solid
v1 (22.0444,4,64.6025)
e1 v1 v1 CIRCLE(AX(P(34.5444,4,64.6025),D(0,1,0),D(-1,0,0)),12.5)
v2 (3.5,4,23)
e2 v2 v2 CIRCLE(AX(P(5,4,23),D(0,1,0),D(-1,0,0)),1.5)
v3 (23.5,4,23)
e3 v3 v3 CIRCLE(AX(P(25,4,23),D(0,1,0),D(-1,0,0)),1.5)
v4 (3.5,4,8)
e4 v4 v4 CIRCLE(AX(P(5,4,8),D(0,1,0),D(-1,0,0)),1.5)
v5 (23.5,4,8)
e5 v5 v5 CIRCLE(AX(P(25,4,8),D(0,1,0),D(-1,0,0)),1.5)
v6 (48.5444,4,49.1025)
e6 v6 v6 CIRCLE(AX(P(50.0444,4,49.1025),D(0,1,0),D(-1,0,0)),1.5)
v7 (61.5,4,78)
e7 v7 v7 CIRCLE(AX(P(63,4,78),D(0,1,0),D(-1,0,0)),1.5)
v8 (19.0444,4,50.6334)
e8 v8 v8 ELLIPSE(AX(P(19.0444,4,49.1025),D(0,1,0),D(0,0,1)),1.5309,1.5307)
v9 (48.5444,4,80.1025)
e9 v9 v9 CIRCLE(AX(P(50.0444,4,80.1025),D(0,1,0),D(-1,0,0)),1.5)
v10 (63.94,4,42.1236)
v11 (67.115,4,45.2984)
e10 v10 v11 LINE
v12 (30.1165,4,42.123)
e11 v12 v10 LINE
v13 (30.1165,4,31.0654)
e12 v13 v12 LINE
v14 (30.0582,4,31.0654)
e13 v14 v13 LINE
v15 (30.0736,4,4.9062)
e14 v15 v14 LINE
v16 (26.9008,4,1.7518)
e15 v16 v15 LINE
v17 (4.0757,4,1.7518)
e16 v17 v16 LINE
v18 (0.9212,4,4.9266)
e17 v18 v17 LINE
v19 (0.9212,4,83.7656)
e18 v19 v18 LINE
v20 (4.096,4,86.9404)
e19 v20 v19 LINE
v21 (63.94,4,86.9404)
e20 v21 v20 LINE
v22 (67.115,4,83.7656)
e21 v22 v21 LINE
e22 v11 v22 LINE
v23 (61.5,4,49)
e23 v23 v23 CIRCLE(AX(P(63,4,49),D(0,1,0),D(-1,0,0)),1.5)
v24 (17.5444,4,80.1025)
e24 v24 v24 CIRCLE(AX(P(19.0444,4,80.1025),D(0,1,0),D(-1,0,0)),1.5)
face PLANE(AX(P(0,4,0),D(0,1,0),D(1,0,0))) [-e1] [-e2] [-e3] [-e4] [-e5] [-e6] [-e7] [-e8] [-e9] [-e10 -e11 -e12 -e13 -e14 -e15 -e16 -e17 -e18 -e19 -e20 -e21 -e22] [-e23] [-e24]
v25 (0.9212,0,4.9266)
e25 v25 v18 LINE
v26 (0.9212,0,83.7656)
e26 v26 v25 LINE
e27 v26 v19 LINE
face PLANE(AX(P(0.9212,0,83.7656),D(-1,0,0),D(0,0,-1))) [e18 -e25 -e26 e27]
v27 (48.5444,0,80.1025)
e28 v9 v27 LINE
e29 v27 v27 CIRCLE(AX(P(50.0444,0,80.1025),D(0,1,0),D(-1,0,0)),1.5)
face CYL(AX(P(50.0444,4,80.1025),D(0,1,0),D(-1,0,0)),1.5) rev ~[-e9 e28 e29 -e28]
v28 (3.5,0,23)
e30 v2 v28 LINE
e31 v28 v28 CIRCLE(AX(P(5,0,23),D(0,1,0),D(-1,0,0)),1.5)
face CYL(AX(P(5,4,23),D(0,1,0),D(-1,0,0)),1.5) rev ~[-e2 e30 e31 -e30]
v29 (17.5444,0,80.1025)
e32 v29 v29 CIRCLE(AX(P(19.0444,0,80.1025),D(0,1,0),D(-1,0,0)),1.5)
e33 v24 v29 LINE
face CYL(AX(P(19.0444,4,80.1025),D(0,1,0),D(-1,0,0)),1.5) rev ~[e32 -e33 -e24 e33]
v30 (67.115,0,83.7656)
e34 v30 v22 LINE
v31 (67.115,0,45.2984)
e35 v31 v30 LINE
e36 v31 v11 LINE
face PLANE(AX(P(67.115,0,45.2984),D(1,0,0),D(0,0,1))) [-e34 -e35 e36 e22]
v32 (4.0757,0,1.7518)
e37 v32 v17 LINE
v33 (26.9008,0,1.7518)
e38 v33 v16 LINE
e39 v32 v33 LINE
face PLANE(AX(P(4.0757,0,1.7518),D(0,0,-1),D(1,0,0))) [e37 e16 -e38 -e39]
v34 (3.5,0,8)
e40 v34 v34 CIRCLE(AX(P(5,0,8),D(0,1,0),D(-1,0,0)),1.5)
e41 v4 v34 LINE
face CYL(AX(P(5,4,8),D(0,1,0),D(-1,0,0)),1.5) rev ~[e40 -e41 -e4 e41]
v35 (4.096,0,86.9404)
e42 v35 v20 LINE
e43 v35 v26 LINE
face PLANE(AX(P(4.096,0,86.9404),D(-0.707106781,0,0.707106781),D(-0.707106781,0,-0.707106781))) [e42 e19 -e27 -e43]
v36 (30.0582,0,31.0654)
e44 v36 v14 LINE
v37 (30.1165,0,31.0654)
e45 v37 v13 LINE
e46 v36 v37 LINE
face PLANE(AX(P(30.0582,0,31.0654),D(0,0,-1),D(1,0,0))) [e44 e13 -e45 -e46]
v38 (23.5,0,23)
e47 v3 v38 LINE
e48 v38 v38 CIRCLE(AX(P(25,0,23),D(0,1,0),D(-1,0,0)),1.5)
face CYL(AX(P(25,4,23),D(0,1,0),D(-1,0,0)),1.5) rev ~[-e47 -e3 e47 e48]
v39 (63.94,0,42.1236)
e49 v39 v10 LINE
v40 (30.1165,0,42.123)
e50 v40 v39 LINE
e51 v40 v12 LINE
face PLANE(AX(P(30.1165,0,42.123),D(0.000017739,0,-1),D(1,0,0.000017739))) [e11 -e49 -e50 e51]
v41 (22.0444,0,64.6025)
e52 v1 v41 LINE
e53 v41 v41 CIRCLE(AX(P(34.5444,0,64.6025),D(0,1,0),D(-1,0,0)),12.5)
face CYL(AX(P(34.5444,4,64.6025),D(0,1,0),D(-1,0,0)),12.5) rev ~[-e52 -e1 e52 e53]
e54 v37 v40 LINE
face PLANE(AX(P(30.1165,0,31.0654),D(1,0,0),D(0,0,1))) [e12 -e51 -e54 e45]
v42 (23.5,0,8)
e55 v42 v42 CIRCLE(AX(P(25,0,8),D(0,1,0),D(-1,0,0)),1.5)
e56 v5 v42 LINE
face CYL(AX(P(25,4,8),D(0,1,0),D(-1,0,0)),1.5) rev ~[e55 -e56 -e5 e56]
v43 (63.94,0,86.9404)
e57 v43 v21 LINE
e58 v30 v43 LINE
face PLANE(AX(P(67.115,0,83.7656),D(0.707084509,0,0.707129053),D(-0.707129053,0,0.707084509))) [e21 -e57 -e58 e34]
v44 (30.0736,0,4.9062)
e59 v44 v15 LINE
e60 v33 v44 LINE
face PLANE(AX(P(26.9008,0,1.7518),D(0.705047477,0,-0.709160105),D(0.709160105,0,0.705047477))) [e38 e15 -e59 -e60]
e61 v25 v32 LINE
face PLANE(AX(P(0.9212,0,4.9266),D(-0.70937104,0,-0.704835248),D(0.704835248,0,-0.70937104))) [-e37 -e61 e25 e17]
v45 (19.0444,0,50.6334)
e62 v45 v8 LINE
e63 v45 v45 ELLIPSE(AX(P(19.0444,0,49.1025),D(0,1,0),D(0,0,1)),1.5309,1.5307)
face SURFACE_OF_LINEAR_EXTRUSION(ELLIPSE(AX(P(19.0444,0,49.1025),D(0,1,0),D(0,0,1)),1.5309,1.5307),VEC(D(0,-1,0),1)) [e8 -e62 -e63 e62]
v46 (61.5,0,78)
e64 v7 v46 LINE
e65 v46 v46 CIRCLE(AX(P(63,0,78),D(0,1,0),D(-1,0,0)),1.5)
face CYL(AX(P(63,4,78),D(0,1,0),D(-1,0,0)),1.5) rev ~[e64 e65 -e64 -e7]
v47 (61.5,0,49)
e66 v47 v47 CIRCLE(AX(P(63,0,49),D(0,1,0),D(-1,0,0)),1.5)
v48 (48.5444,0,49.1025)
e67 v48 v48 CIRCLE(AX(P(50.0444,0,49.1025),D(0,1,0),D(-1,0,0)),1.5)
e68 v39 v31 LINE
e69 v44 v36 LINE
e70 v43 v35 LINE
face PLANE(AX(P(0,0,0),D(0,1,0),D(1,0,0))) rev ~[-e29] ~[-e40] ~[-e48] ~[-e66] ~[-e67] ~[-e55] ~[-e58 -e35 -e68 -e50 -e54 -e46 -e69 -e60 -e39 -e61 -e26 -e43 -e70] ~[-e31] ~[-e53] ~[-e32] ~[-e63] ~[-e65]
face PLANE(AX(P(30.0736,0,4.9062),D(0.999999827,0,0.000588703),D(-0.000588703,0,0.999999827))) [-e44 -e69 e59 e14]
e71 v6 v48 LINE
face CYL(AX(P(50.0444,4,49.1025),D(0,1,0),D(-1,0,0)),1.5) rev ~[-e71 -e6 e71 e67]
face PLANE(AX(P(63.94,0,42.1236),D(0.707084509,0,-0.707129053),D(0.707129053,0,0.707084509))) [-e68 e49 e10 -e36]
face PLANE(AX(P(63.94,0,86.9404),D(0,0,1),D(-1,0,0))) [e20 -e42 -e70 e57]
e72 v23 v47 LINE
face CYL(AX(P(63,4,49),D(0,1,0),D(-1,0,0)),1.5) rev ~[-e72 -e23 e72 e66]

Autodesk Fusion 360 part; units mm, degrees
sketch "Skizze1" plane through (0, 0, 0) normal (0, 1, 0) x (1, 0, 0)
  ellipse E0 centre (19.0444, -49.1025) end of major axis (19.0444, -50.6334) minor radius 1.5307
  line L0 (55.2123, -43.6898) -> (55.2123, -85.3711)
  line L1 (55.2123, -85.3711) -> (13.531, -85.3711)
  line L2 (13.531, -85.3711) -> (13.531, -43.6898)
  line L3 (13.531, -43.6898) -> (55.2123, -43.6898)
  line L4 (26.9008, -1.7518) -> (30.0736, -4.9062)
  line L5 (30.0736, -4.9062) -> (30.0582, -31.0654)
  line L6 (30.0582, -31.0654) -> (30.1165, -31.0654)
  line L7 (30.1165, -31.0654) -> (30.1165, -42.123)
  line L8 (30.1165, -42.123) -> (63.94, -42.1236)
  line L9 (63.94, -42.1236) -> (67.115, -45.2984)
  line L10 (67.115, -45.2984) -> (67.115, -83.7656)
  line L11 (67.115, -83.7656) -> (63.94, -86.9404)
  line L12 (63.94, -86.9404) -> (4.096, -86.9404)
  line L13 (4.096, -86.9404) -> (0.9212, -83.7656)
  line L14 (0.9212, -83.7656) -> (0.9212, -4.9266)
  line L15 (0.9212, -4.9266) -> (4.0757, -1.7518)
  line L16 (4.0757, -1.7518) -> (26.9008, -1.7518)
  line L17 (-656.5386, -196.3597) -> (-656.5386, -172.9852) construction
  line L18 (-656.5386, -172.9852) -> (-663.2077, -172.9852) construction
  line L19 (-663.2077, -172.9852) -> (-663.2077, -196.3597) construction
  line L20 (-663.2077, -196.3597) -> (-656.5386, -196.3597) construction
  line L21 (-786.7672, -196.3598) -> (-786.7672, -172.9853) construction
  line L22 (-786.7672, -172.9853) -> (-793.4364, -172.9853) construction
  line L23 (-793.4364, -172.9853) -> (-793.4364, -196.3598) construction
  line L24 (-793.4364, -196.3598) -> (-786.7672, -196.3598) construction
  circle A0 centre (50.0444, -49.1025) radius 1.5 construction
  circle A1 centre (50.0444, -80.1025) radius 1.5 construction
  line L25 (50.0444, -80.1025) -> (19.0444, -80.1025) construction
  circle A2 centre (19.0444, -80.1025) radius 1.5 construction
  line L26 (19.0444, -80.1025) -> (19.0444, -49.1025) construction
  circle A3 centre (34.4717, -64.6752) radius 12.5 construction
  circle A4 centre (61.4704, -49.0847) radius 1.5 construction
  circle A5 centre (61.4704, -80.2249) radius 1.5 construction
  circle A6 centre (5.4074, -7.8253) radius 1.5 construction
  circle A7 centre (25.4061, -7.8253) radius 1.5 construction
  circle A8 centre (25.4061, -22.5328) radius 1.5 construction
  circle A9 centre (5.4074, -22.5328) radius 1.5 construction
  point P0 (51.8121, -49.1024)
  point P1 (51.6713, -79.7501)
  point P2 (19.0448, -81.2802)
  point P3 (19.0444, -50.6334)
  point P4 (34.1696, -76.3823)
  point P5 (27.8065, -7.8253)
  point P6 (27.8065, -22.5328)
  point P7 (7.8078, -7.8253)
  point P8 (7.8078, -22.5328)
  point P9 (10.9547, -80.1317)
  point P10 (10.9547, -48.9915)
  point P11 (63.8708, -80.2249)
  point P12 (63.8708, -49.0847)
  dimension "d1" = 31
  dimension "d2" = 3
  dimension "d4" = 3
  dimension "d5" = 31
  dimension "d6" = 3
  dimension "d7" = 25
  dimension "d8" = 3
  dimension "d9" = 3
  dimension "d10" = 3
  dimension "d11" = 3
  dimension "d12" = 3
  dimension "d13" = 3
extrude "Extrusion1" add sketch "Skizze1" along normal blind 4 contours L0 L1 L2 L3 | L4 L5 L6 L7 L8 L9 L10 L11 L12 L13 L14 L15 L16
sketch "Skizze2" plane through (0, 4, 0) normal (0, 1, 0) x (-1, 0, 0)
  ellipse E0 centre (-19.0444, 49.1025) end of major axis (-19.0444, 50.6334) minor radius 1.5307
  line L0 (-4.0757, 1.7518) -> (-0.9212, 4.9266)
  line L1 (-0.9212, 4.9266) -> (-0.9212, 83.7656)
  line L2 (-0.9212, 83.7656) -> (-4.096, 86.9404)
  line L3 (-4.096, 86.9404) -> (-63.94, 86.9404)
  line L4 (-63.94, 86.9404) -> (-67.115, 83.7656)
  line L5 (-67.115, 83.7656) -> (-67.115, 45.2984)
  line L6 (-67.115, 45.2984) -> (-63.94, 42.1236)
  line L7 (-63.94, 42.1236) -> (-30.1165, 42.123)
  line L8 (-30.1165, 42.123) -> (-30.1165, 31.0654)
  line L9 (-30.1165, 31.0654) -> (-30.0582, 31.0654)
  line L10 (-30.0582, 31.0654) -> (-30.0736, 4.9062)
  line L11 (-30.0736, 4.9062) -> (-26.9008, 1.7518)
  line L12 (-26.9008, 1.7518) -> (-4.0757, 1.7518)
  circle A0 centre (-50.0444, 49.1025) radius 1.5
  circle A1 centre (-50.0444, 80.1025) radius 1.5
  circle A2 centre (-19.0444, 80.1025) radius 1.5
  circle A3 centre (-34.5444, 64.6025) radius 12.5
  circle A4 centre (-5, 8) radius 1.5
  circle A5 centre (-25, 8) radius 1.5
  circle A6 centre (-5, 23) radius 1.5
  circle A7 centre (-25, 23) radius 1.5
  circle A8 centre (-63, 49) radius 1.5
  circle A9 centre (-63, 78) radius 1.5
  dimension "d16" = 31
  dimension "d17" = 3
  dimension "d18" = 31
  dimension "d19" = 3
  dimension "d20" = 31
  dimension "d21" = 3
  dimension "d22" = 25
  dimension "d23" = 3
  dimension "d24" = 3
  dimension "d25" = 3
  dimension "d26" = 15
  dimension "d27" = 3
  dimension "d28" = 3
  dimension "d29" = 3
extrude "Extrusion2" cut sketch "Skizze2" against normal blind 28 contours A0 | A1 | A2 | A3 | A4 | A5 | A6 | A7 | A8 | A9
sketch "Skizze3" plane through (0, 0, 0) normal (0, 1, 0) x (1, 0, 0)
